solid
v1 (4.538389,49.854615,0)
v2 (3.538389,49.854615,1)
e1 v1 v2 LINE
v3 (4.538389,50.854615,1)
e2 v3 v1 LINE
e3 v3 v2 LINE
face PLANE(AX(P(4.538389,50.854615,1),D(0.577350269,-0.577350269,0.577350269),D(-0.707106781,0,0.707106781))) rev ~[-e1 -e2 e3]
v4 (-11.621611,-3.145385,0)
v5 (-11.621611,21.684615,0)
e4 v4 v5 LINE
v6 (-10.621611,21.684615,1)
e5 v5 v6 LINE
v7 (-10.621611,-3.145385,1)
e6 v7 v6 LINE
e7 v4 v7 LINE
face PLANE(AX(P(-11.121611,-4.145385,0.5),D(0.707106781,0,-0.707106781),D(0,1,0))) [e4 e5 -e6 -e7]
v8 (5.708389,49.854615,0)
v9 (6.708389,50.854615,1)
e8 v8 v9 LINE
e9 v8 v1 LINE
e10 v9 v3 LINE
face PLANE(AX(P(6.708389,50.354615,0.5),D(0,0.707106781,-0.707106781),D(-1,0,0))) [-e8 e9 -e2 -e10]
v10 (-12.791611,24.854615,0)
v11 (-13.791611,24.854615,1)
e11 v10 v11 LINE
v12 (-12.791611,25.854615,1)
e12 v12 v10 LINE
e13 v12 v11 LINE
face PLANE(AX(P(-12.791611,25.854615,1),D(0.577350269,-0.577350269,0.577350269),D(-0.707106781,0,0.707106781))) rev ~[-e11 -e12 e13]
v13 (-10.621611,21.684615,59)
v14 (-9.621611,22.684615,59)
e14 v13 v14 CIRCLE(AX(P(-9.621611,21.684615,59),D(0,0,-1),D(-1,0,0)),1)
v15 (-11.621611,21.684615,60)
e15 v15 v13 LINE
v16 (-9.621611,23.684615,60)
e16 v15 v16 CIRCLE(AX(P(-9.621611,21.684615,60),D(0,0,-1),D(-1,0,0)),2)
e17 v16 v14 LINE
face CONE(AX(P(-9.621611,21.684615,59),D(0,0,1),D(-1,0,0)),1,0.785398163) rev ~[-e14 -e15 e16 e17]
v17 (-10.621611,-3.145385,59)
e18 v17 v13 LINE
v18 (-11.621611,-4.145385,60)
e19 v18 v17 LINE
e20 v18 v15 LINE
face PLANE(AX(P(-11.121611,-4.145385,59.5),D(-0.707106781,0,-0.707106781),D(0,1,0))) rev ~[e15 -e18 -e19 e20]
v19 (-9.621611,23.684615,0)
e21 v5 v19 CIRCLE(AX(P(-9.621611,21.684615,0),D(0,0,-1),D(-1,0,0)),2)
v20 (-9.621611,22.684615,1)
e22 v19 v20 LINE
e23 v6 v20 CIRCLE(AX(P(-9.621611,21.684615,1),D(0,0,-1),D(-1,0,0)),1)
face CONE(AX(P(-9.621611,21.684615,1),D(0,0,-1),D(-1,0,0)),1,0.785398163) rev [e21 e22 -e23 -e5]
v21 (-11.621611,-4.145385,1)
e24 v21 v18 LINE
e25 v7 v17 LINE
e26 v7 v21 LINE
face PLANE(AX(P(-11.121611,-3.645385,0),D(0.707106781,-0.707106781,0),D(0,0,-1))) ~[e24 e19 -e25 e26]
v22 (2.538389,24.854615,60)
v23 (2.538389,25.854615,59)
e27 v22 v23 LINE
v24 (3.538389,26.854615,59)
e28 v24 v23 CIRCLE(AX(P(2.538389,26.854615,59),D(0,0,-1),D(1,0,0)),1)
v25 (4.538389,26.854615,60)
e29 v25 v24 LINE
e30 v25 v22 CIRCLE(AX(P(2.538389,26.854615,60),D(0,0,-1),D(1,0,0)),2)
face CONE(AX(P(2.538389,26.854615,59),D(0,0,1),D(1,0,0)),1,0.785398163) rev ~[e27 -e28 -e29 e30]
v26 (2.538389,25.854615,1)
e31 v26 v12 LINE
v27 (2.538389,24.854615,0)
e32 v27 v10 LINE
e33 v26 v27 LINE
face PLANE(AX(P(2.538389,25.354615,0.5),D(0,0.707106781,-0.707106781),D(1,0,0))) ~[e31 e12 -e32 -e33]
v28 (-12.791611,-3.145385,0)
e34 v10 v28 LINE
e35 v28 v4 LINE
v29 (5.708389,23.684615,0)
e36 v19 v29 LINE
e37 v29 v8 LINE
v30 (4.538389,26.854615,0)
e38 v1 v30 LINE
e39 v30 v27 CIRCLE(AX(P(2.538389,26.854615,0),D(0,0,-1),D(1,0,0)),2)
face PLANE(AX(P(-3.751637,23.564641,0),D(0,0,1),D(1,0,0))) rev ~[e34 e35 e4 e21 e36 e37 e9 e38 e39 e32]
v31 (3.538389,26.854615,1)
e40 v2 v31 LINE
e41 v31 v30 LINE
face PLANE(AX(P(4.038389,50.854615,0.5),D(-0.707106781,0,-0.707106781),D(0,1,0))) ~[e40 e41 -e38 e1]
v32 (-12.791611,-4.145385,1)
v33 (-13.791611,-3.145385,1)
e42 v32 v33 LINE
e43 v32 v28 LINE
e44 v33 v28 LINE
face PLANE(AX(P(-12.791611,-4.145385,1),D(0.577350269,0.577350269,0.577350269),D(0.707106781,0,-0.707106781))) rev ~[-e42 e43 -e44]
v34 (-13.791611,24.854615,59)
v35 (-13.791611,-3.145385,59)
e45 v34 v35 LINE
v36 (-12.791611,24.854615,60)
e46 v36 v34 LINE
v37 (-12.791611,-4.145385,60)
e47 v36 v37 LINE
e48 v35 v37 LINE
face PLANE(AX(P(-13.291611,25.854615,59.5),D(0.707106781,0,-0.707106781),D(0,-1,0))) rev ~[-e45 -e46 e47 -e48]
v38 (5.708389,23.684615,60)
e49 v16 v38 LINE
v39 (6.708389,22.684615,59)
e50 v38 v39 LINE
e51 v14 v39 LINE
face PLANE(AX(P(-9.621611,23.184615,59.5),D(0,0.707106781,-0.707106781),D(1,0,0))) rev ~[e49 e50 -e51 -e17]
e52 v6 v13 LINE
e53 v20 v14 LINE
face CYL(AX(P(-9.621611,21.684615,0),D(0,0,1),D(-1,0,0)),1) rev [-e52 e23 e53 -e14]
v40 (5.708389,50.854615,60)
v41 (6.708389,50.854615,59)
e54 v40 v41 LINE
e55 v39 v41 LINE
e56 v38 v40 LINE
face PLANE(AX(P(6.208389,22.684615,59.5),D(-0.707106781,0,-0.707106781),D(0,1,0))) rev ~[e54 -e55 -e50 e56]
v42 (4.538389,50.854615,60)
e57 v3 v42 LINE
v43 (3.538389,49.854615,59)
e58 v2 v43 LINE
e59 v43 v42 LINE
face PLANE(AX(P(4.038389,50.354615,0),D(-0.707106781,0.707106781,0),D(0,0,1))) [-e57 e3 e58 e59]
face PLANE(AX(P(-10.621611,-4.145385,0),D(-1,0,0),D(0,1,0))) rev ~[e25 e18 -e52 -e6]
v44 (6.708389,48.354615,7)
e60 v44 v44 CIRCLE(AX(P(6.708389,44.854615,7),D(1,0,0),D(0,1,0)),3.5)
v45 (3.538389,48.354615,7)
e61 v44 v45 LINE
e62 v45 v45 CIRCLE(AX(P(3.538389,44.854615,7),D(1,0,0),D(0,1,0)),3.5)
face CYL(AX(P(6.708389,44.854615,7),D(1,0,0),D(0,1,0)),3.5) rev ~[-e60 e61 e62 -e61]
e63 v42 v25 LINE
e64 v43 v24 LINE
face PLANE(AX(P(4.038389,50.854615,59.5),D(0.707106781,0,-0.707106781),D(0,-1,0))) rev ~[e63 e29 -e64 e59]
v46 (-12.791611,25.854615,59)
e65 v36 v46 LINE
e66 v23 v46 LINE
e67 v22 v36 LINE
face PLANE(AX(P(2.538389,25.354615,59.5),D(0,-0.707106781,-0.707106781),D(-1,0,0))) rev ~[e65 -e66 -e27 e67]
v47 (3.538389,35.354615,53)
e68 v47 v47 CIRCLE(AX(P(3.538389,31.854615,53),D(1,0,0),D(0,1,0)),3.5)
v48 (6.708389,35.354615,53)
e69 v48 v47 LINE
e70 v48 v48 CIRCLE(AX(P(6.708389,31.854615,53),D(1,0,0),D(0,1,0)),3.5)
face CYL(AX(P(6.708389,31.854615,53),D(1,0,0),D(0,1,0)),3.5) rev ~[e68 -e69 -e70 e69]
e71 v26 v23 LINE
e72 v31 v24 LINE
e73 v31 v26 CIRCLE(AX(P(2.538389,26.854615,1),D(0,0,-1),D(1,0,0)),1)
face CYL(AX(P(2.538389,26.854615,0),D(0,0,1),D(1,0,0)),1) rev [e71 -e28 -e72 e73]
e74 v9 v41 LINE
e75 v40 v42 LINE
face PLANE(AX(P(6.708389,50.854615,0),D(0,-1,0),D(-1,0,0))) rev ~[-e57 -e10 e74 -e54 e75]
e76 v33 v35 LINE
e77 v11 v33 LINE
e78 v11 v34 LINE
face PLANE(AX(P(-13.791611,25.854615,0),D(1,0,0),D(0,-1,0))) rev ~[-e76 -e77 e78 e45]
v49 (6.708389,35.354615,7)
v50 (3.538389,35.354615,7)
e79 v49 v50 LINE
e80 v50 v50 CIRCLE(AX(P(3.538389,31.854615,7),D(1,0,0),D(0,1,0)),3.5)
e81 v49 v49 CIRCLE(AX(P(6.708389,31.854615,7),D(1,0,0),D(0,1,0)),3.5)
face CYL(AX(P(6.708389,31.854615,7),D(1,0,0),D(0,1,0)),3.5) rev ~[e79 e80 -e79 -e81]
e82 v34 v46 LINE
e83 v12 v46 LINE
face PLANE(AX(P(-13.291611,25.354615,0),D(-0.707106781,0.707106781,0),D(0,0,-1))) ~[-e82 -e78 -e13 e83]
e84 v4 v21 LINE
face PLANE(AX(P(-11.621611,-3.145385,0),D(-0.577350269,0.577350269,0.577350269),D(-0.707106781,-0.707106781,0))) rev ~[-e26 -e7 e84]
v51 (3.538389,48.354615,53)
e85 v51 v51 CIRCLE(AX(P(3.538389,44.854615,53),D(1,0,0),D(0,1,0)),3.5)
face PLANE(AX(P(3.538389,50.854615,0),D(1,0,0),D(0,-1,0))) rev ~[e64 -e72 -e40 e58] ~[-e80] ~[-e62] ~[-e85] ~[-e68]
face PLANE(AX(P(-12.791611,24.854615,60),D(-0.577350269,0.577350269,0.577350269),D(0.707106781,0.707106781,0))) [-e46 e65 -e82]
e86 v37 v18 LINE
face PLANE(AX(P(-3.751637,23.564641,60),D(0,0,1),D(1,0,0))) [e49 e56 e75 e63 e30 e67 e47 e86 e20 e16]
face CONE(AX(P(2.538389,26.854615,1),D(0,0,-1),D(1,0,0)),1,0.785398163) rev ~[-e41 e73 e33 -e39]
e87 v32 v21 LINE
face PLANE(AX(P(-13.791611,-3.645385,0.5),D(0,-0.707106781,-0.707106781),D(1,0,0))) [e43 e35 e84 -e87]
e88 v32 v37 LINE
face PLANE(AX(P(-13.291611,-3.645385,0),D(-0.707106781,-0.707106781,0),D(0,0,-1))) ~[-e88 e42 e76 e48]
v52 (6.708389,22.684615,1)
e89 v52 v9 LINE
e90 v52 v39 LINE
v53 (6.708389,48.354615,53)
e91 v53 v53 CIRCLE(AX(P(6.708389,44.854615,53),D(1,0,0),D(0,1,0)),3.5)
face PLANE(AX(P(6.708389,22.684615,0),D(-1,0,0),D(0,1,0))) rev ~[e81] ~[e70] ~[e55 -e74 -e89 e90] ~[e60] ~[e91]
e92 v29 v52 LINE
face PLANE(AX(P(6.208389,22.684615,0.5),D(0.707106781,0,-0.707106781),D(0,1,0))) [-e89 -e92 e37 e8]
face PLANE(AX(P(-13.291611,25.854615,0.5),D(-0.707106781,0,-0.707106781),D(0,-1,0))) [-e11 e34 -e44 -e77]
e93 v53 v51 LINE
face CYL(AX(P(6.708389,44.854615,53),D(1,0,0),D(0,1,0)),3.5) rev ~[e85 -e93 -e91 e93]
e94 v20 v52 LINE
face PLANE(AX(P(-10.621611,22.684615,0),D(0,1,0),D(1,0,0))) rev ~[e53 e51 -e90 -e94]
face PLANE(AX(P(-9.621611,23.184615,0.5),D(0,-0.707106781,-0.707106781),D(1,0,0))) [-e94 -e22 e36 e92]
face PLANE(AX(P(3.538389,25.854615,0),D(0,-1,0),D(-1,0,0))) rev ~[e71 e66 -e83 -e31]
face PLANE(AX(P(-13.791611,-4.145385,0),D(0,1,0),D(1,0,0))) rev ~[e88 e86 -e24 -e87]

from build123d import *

# Parameters (mm, degrees)
SALIENTE_EXTRUIR1_DEPTH = 60
CROQUIS2_R              = 3.5
CORTAR_EXTRUIR1_DEPTH   = 60
REDONDEO1_R             = 1
CHAFL_N1_SIZE           = 1


with BuildPart() as part:
    # Croquis1 → Saliente-Extruir1 (new body)
    with BuildSketch(Plane.XY):
        Polygon((3.538389259, 50.854615385), (3.538389259, 25.854615385), (-13.791610741, 25.854615385), (-13.791610741, -4.145384615), (-10.621610741, -4.145384615), (-10.621610741, 22.684615385), (6.708389259, 22.684615385), (6.708389259, 50.854615385), align=None)
    extrude(amount=SALIENTE_EXTRUIR1_DEPTH)

    # Croquis2 → Cortar-Extruir1 (cut)
    with BuildSketch(Plane(origin=(6.708389259, 0, 0), x_dir=(0, 0, -1), z_dir=(1, 0, 0))):
        with Locations(Location((-53, 44.854615385, 0), (0, 0, 90))):
            Circle(CROQUIS2_R)
        with Locations(Location((-53, 31.854615385, 0), (0, 0, 90))):
            Circle(CROQUIS2_R)
        with Locations(Location((-7, 44.854615385, 0), (0, 0, 90))):
            Circle(CROQUIS2_R)
        with Locations(Location((-7, 31.854615385, 0), (0, 0, 90))):
            Circle(CROQUIS2_R)
    extrude(amount=-CORTAR_EXTRUIR1_DEPTH, mode=Mode.SUBTRACT)

    # Redondeo1
    redondeo1_edges = [part.edges().sort_by_distance(p)[0] for p in [
        (-10.621610741, 22.684615385, 30),
        (3.538389259, 25.854615385, 30),
    ]]
    fillet(redondeo1_edges, radius=REDONDEO1_R)

    # Chaflán1
    chafl_n1_edges = [part.edges().sort_by_distance(p)[0] for p in [
        (-13.791610741, 10.854615385, 0),
        (3.538389259, 38.854615385, 0),
        (5.123389259, 50.854615385, 0),
        (-10.621610741, -4.145384615, 30),
        (-13.791610741, -4.145384615, 30),
        (-13.791610741, 25.854615385, 30),
        (3.538389259, 50.854615385, 30),
        (-13.791610741, 10.854615385, 60),
        (-10.621610741, 8.769615385, 60),
        (6.708389259, 36.769615385, 60),
        (-1.456610741, 22.684615385, 0),
        (-1.456610741, 22.684615385, 60),
        (-5.626610741, 25.854615385, 0),
        (-5.626610741, 25.854615385, 60),
        (-10.328717522, 22.391722166, 0),
        (-10.328717522, 22.391722166, 60),
        (3.24549604, 26.147508603, 0),
        (3.24549604, 26.147508603, 60),
        (6.708389259, 36.769615385, 0),
        (3.538389259, 38.854615385, 60),
        (-10.621610741, 8.769615385, 0),
        (-12.206610741, -4.145384615, 0),
    ]]
    chamfer(chafl_n1_edges, length=CHAFL_N1_SIZE)


solid = part.part
